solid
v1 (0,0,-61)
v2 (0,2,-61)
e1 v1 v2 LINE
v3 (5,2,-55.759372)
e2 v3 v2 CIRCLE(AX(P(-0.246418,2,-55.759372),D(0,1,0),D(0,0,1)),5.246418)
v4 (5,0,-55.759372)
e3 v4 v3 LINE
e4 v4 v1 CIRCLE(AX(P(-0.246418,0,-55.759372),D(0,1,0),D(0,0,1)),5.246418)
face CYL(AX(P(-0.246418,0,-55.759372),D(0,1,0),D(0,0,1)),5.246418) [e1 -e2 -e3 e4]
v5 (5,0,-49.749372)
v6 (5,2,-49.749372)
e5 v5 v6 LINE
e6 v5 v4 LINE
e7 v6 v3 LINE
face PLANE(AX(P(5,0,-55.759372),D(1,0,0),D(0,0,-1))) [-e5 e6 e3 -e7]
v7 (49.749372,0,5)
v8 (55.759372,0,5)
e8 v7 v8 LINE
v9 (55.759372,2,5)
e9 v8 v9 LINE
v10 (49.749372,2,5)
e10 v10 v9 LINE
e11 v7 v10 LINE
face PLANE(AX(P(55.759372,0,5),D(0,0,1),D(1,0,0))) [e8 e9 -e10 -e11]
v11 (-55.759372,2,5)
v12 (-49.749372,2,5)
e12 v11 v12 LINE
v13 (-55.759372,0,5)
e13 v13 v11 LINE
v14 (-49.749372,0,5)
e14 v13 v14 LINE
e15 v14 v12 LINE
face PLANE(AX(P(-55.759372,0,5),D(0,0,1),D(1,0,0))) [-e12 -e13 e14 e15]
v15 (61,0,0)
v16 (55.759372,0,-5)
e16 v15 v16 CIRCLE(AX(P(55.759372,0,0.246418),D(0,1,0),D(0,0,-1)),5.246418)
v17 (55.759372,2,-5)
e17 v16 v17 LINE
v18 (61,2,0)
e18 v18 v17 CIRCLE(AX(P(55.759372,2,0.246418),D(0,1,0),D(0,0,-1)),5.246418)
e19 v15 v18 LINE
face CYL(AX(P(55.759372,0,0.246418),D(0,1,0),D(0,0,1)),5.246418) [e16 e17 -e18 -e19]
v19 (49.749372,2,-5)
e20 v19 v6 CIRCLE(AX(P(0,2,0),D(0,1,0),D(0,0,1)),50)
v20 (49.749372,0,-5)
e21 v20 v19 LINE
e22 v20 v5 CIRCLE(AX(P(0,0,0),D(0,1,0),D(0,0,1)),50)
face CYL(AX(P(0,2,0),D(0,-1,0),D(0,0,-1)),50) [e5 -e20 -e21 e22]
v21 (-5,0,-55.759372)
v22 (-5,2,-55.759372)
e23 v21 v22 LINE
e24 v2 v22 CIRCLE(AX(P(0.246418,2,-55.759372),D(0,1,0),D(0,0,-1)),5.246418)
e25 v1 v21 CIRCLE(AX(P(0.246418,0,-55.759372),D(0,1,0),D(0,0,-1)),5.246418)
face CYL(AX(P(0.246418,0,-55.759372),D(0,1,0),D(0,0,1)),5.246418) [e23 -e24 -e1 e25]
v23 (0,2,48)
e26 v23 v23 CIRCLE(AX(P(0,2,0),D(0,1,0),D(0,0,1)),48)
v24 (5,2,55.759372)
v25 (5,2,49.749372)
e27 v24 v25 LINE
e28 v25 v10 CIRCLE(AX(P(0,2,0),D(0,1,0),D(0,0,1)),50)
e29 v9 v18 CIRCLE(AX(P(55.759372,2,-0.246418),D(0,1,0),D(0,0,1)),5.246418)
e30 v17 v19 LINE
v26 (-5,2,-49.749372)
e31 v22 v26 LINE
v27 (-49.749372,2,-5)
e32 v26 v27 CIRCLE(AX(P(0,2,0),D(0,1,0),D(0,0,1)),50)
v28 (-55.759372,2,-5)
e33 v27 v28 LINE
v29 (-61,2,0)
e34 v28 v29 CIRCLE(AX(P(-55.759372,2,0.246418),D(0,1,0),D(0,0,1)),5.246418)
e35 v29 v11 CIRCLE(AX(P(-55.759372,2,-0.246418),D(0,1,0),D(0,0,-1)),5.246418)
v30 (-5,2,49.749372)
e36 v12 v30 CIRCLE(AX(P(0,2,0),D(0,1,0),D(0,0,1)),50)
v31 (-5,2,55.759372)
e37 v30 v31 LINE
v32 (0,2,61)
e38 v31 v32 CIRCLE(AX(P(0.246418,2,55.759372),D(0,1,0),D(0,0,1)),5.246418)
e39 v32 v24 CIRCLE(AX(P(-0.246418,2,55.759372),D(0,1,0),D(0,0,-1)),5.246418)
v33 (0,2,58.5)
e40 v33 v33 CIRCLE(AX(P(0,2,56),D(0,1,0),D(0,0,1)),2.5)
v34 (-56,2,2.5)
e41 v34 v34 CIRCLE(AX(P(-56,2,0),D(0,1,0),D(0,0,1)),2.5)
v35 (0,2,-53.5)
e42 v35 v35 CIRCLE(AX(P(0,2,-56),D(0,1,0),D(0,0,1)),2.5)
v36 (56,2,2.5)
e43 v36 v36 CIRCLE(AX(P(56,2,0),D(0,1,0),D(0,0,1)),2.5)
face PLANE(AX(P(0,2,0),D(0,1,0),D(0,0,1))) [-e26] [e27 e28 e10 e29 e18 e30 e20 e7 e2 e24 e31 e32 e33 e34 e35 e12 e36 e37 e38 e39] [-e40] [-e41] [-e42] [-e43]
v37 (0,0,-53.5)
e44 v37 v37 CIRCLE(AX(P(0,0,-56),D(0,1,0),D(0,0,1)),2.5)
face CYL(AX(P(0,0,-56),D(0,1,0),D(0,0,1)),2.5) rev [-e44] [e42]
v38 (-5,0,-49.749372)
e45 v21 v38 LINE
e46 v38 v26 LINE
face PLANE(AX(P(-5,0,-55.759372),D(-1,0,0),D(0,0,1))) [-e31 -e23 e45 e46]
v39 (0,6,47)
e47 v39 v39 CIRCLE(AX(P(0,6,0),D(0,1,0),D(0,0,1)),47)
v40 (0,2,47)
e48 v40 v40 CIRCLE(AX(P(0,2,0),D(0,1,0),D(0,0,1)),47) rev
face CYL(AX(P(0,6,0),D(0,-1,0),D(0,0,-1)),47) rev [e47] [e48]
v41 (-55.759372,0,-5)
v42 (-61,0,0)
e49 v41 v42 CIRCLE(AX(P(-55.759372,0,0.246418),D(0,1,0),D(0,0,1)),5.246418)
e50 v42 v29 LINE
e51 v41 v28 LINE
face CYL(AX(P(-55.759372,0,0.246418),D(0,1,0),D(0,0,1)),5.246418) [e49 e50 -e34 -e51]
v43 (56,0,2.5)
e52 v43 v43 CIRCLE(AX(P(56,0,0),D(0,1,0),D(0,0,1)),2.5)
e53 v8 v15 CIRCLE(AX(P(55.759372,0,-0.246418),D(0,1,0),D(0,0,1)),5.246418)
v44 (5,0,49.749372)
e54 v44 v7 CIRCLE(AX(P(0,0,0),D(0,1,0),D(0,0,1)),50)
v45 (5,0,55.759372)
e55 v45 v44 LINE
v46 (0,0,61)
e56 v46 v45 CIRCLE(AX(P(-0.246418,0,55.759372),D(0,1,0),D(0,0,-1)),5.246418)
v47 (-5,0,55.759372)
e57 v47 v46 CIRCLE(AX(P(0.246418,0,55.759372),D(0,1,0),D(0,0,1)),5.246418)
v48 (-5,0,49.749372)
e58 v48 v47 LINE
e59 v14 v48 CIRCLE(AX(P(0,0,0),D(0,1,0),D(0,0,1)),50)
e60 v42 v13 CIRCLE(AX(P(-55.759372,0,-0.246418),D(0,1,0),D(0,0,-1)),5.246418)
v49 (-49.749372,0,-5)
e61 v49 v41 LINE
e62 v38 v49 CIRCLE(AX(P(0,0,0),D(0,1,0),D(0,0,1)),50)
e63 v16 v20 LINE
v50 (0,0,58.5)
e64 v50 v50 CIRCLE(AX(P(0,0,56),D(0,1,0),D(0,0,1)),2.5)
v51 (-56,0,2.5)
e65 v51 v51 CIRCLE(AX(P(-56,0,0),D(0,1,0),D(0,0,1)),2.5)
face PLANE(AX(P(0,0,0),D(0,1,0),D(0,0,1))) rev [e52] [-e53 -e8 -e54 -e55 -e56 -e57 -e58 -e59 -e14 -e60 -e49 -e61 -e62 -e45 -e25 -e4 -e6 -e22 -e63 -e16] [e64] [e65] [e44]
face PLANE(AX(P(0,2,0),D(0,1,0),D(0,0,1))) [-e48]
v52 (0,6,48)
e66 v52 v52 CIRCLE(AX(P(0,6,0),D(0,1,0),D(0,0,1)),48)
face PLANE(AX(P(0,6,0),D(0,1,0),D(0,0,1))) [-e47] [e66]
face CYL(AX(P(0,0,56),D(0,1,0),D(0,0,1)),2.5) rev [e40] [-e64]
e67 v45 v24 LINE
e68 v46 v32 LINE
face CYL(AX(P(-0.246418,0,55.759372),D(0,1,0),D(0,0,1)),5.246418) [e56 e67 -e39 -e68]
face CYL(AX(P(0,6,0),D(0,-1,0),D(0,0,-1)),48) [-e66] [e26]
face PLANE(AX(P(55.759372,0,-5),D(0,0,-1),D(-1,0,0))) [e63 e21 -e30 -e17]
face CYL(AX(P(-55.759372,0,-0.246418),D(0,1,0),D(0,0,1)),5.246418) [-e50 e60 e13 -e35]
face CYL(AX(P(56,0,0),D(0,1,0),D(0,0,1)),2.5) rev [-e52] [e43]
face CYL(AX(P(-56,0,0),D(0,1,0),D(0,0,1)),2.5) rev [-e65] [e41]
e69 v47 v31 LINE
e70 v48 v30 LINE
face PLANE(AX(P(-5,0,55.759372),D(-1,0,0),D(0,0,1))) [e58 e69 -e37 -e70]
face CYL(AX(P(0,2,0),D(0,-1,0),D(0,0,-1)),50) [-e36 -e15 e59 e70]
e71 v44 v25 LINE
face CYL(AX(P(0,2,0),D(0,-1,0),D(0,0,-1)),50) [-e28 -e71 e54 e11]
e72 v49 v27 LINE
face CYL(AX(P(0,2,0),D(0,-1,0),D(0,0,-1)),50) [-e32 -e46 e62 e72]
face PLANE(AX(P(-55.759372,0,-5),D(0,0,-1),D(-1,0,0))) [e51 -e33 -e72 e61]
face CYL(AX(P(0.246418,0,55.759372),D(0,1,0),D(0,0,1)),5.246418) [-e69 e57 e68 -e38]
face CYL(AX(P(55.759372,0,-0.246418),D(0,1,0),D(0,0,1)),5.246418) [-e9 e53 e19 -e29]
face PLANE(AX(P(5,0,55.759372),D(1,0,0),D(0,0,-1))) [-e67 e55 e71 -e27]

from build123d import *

# Parameters (mm, degrees)
SKETCH1_R           = 50
BOSS_EXTRUDE1_DEPTH = 2
SKETCH2_R           = 48
SKETCH2_R_2         = 47
BOSS_EXTRUDE2_DEPTH = 4
BOSS_EXTRUDE3_START = -2
SKETCH3_R           = 2.5
BOSS_EXTRUDE3_DEPTH = 2


with BuildPart() as part:
    # Sketch1 → Boss-Extrude1 (new body)
    with BuildSketch(Plane(origin=(0, 0, 0), x_dir=(1, 0, 0), z_dir=(0, 1, 0))):
        with Locations(Location((0, 0, 0), (0, 0, 270))):
            Circle(SKETCH1_R)
    extrude(amount=BOSS_EXTRUDE1_DEPTH)

    # Sketch2 → Boss-Extrude2 (add)
    with BuildSketch(Plane(origin=(0, 2, 0), x_dir=(1, 0, 0), z_dir=(0, 1, 0))):
        with Locations(Location((0, 0, 0), (0, 0, 270))):
            Circle(SKETCH2_R)
        with Locations(Location((0, 0, 0), (0, 0, 270))):
            Circle(SKETCH2_R_2, mode=Mode.SUBTRACT)
    extrude(amount=BOSS_EXTRUDE2_DEPTH)

    # Sketch3 → Boss-Extrude3 (add)
    # profile 1 of 4: a face of its own
    with BuildSketch(Plane(origin=(0, 2, 0), x_dir=(1, 0, 0), z_dir=(0, 1, 0)).offset(BOSS_EXTRUDE3_START)):
        with BuildLine():
            Line((-55.759371855, 5), (-49.749371855, 5))
            ThreePointArc((-49.749371855, 5), (-50, 0), (-49.749371855, -5))
            Line((-49.749371855, -5), (-55.759371855, -5))
            ThreePointArc((-55.759371855, -5), (-59.380980039, -3.54948202), (-61, 0))
            ThreePointArc((-61, 0), (-59.380980039, 3.54948202), (-55.759371855, 5))
        make_face()
        with Locations(Location((-56, 0, 0), (0, 0, 270))):
            Circle(SKETCH3_R, mode=Mode.SUBTRACT)
    # profile 2 of 4: a face of its own
    with BuildSketch(Plane(origin=(0, 2, 0), x_dir=(1, 0, 0), z_dir=(0, 1, 0)).offset(BOSS_EXTRUDE3_START)):
        with BuildLine():
            Line((5, 55.759371855), (5, 49.749371855))
            ThreePointArc((5, 49.749371855), (0, 50), (-5, 49.749371855))
            Line((-5, 49.749371855), (-5, 55.759371855))
            ThreePointArc((-5, 55.759371855), (-3.54948202, 59.380980039), (0, 61))
            ThreePointArc((0, 61), (3.54948202, 59.380980039), (5, 55.759371855))
        make_face()
        with Locations(Location((0, 56, 0), (0, 0, 270))):
            Circle(SKETCH3_R, mode=Mode.SUBTRACT)
    # profile 3 of 4: a face of its own
    with BuildSketch(Plane(origin=(0, 2, 0), x_dir=(1, 0, 0), z_dir=(0, 1, 0)).offset(BOSS_EXTRUDE3_START)):
        with BuildLine():
            Line((55.759371855, -5), (49.749371855, -5))
            ThreePointArc((49.749371855, -5), (50, 0), (49.749371855, 5))
            Line((49.749371855, 5), (55.759371855, 5))
            ThreePointArc((55.759371855, 5), (59.380980039, 3.54948202), (61, 0))
            ThreePointArc((61, 0), (59.380980039, -3.54948202), (55.759371855, -5))
        make_face()
        with Locations(Location((56, 0, 0), (0, 0, 270))):
            Circle(SKETCH3_R, mode=Mode.SUBTRACT)
    # profile 4 of 4: a face of its own
    with BuildSketch(Plane(origin=(0, 2, 0), x_dir=(1, 0, 0), z_dir=(0, 1, 0)).offset(BOSS_EXTRUDE3_START)):
        with BuildLine():
            Line((-5, -55.759371855), (-5, -49.749371855))
            ThreePointArc((-5, -49.749371855), (0, -50), (5, -49.749371855))
            Line((5, -49.749371855), (5, -55.759371855))
            ThreePointArc((5, -55.759371855), (3.54948202, -59.380980039), (0, -61))
            ThreePointArc((0, -61), (-3.54948202, -59.380980039), (-5, -55.759371855))
        make_face()
        with Locations(Location((0, -56, 0), (0, 0, 270))):
            Circle(SKETCH3_R, mode=Mode.SUBTRACT)
    extrude(amount=BOSS_EXTRUDE3_DEPTH)


solid = part.part
